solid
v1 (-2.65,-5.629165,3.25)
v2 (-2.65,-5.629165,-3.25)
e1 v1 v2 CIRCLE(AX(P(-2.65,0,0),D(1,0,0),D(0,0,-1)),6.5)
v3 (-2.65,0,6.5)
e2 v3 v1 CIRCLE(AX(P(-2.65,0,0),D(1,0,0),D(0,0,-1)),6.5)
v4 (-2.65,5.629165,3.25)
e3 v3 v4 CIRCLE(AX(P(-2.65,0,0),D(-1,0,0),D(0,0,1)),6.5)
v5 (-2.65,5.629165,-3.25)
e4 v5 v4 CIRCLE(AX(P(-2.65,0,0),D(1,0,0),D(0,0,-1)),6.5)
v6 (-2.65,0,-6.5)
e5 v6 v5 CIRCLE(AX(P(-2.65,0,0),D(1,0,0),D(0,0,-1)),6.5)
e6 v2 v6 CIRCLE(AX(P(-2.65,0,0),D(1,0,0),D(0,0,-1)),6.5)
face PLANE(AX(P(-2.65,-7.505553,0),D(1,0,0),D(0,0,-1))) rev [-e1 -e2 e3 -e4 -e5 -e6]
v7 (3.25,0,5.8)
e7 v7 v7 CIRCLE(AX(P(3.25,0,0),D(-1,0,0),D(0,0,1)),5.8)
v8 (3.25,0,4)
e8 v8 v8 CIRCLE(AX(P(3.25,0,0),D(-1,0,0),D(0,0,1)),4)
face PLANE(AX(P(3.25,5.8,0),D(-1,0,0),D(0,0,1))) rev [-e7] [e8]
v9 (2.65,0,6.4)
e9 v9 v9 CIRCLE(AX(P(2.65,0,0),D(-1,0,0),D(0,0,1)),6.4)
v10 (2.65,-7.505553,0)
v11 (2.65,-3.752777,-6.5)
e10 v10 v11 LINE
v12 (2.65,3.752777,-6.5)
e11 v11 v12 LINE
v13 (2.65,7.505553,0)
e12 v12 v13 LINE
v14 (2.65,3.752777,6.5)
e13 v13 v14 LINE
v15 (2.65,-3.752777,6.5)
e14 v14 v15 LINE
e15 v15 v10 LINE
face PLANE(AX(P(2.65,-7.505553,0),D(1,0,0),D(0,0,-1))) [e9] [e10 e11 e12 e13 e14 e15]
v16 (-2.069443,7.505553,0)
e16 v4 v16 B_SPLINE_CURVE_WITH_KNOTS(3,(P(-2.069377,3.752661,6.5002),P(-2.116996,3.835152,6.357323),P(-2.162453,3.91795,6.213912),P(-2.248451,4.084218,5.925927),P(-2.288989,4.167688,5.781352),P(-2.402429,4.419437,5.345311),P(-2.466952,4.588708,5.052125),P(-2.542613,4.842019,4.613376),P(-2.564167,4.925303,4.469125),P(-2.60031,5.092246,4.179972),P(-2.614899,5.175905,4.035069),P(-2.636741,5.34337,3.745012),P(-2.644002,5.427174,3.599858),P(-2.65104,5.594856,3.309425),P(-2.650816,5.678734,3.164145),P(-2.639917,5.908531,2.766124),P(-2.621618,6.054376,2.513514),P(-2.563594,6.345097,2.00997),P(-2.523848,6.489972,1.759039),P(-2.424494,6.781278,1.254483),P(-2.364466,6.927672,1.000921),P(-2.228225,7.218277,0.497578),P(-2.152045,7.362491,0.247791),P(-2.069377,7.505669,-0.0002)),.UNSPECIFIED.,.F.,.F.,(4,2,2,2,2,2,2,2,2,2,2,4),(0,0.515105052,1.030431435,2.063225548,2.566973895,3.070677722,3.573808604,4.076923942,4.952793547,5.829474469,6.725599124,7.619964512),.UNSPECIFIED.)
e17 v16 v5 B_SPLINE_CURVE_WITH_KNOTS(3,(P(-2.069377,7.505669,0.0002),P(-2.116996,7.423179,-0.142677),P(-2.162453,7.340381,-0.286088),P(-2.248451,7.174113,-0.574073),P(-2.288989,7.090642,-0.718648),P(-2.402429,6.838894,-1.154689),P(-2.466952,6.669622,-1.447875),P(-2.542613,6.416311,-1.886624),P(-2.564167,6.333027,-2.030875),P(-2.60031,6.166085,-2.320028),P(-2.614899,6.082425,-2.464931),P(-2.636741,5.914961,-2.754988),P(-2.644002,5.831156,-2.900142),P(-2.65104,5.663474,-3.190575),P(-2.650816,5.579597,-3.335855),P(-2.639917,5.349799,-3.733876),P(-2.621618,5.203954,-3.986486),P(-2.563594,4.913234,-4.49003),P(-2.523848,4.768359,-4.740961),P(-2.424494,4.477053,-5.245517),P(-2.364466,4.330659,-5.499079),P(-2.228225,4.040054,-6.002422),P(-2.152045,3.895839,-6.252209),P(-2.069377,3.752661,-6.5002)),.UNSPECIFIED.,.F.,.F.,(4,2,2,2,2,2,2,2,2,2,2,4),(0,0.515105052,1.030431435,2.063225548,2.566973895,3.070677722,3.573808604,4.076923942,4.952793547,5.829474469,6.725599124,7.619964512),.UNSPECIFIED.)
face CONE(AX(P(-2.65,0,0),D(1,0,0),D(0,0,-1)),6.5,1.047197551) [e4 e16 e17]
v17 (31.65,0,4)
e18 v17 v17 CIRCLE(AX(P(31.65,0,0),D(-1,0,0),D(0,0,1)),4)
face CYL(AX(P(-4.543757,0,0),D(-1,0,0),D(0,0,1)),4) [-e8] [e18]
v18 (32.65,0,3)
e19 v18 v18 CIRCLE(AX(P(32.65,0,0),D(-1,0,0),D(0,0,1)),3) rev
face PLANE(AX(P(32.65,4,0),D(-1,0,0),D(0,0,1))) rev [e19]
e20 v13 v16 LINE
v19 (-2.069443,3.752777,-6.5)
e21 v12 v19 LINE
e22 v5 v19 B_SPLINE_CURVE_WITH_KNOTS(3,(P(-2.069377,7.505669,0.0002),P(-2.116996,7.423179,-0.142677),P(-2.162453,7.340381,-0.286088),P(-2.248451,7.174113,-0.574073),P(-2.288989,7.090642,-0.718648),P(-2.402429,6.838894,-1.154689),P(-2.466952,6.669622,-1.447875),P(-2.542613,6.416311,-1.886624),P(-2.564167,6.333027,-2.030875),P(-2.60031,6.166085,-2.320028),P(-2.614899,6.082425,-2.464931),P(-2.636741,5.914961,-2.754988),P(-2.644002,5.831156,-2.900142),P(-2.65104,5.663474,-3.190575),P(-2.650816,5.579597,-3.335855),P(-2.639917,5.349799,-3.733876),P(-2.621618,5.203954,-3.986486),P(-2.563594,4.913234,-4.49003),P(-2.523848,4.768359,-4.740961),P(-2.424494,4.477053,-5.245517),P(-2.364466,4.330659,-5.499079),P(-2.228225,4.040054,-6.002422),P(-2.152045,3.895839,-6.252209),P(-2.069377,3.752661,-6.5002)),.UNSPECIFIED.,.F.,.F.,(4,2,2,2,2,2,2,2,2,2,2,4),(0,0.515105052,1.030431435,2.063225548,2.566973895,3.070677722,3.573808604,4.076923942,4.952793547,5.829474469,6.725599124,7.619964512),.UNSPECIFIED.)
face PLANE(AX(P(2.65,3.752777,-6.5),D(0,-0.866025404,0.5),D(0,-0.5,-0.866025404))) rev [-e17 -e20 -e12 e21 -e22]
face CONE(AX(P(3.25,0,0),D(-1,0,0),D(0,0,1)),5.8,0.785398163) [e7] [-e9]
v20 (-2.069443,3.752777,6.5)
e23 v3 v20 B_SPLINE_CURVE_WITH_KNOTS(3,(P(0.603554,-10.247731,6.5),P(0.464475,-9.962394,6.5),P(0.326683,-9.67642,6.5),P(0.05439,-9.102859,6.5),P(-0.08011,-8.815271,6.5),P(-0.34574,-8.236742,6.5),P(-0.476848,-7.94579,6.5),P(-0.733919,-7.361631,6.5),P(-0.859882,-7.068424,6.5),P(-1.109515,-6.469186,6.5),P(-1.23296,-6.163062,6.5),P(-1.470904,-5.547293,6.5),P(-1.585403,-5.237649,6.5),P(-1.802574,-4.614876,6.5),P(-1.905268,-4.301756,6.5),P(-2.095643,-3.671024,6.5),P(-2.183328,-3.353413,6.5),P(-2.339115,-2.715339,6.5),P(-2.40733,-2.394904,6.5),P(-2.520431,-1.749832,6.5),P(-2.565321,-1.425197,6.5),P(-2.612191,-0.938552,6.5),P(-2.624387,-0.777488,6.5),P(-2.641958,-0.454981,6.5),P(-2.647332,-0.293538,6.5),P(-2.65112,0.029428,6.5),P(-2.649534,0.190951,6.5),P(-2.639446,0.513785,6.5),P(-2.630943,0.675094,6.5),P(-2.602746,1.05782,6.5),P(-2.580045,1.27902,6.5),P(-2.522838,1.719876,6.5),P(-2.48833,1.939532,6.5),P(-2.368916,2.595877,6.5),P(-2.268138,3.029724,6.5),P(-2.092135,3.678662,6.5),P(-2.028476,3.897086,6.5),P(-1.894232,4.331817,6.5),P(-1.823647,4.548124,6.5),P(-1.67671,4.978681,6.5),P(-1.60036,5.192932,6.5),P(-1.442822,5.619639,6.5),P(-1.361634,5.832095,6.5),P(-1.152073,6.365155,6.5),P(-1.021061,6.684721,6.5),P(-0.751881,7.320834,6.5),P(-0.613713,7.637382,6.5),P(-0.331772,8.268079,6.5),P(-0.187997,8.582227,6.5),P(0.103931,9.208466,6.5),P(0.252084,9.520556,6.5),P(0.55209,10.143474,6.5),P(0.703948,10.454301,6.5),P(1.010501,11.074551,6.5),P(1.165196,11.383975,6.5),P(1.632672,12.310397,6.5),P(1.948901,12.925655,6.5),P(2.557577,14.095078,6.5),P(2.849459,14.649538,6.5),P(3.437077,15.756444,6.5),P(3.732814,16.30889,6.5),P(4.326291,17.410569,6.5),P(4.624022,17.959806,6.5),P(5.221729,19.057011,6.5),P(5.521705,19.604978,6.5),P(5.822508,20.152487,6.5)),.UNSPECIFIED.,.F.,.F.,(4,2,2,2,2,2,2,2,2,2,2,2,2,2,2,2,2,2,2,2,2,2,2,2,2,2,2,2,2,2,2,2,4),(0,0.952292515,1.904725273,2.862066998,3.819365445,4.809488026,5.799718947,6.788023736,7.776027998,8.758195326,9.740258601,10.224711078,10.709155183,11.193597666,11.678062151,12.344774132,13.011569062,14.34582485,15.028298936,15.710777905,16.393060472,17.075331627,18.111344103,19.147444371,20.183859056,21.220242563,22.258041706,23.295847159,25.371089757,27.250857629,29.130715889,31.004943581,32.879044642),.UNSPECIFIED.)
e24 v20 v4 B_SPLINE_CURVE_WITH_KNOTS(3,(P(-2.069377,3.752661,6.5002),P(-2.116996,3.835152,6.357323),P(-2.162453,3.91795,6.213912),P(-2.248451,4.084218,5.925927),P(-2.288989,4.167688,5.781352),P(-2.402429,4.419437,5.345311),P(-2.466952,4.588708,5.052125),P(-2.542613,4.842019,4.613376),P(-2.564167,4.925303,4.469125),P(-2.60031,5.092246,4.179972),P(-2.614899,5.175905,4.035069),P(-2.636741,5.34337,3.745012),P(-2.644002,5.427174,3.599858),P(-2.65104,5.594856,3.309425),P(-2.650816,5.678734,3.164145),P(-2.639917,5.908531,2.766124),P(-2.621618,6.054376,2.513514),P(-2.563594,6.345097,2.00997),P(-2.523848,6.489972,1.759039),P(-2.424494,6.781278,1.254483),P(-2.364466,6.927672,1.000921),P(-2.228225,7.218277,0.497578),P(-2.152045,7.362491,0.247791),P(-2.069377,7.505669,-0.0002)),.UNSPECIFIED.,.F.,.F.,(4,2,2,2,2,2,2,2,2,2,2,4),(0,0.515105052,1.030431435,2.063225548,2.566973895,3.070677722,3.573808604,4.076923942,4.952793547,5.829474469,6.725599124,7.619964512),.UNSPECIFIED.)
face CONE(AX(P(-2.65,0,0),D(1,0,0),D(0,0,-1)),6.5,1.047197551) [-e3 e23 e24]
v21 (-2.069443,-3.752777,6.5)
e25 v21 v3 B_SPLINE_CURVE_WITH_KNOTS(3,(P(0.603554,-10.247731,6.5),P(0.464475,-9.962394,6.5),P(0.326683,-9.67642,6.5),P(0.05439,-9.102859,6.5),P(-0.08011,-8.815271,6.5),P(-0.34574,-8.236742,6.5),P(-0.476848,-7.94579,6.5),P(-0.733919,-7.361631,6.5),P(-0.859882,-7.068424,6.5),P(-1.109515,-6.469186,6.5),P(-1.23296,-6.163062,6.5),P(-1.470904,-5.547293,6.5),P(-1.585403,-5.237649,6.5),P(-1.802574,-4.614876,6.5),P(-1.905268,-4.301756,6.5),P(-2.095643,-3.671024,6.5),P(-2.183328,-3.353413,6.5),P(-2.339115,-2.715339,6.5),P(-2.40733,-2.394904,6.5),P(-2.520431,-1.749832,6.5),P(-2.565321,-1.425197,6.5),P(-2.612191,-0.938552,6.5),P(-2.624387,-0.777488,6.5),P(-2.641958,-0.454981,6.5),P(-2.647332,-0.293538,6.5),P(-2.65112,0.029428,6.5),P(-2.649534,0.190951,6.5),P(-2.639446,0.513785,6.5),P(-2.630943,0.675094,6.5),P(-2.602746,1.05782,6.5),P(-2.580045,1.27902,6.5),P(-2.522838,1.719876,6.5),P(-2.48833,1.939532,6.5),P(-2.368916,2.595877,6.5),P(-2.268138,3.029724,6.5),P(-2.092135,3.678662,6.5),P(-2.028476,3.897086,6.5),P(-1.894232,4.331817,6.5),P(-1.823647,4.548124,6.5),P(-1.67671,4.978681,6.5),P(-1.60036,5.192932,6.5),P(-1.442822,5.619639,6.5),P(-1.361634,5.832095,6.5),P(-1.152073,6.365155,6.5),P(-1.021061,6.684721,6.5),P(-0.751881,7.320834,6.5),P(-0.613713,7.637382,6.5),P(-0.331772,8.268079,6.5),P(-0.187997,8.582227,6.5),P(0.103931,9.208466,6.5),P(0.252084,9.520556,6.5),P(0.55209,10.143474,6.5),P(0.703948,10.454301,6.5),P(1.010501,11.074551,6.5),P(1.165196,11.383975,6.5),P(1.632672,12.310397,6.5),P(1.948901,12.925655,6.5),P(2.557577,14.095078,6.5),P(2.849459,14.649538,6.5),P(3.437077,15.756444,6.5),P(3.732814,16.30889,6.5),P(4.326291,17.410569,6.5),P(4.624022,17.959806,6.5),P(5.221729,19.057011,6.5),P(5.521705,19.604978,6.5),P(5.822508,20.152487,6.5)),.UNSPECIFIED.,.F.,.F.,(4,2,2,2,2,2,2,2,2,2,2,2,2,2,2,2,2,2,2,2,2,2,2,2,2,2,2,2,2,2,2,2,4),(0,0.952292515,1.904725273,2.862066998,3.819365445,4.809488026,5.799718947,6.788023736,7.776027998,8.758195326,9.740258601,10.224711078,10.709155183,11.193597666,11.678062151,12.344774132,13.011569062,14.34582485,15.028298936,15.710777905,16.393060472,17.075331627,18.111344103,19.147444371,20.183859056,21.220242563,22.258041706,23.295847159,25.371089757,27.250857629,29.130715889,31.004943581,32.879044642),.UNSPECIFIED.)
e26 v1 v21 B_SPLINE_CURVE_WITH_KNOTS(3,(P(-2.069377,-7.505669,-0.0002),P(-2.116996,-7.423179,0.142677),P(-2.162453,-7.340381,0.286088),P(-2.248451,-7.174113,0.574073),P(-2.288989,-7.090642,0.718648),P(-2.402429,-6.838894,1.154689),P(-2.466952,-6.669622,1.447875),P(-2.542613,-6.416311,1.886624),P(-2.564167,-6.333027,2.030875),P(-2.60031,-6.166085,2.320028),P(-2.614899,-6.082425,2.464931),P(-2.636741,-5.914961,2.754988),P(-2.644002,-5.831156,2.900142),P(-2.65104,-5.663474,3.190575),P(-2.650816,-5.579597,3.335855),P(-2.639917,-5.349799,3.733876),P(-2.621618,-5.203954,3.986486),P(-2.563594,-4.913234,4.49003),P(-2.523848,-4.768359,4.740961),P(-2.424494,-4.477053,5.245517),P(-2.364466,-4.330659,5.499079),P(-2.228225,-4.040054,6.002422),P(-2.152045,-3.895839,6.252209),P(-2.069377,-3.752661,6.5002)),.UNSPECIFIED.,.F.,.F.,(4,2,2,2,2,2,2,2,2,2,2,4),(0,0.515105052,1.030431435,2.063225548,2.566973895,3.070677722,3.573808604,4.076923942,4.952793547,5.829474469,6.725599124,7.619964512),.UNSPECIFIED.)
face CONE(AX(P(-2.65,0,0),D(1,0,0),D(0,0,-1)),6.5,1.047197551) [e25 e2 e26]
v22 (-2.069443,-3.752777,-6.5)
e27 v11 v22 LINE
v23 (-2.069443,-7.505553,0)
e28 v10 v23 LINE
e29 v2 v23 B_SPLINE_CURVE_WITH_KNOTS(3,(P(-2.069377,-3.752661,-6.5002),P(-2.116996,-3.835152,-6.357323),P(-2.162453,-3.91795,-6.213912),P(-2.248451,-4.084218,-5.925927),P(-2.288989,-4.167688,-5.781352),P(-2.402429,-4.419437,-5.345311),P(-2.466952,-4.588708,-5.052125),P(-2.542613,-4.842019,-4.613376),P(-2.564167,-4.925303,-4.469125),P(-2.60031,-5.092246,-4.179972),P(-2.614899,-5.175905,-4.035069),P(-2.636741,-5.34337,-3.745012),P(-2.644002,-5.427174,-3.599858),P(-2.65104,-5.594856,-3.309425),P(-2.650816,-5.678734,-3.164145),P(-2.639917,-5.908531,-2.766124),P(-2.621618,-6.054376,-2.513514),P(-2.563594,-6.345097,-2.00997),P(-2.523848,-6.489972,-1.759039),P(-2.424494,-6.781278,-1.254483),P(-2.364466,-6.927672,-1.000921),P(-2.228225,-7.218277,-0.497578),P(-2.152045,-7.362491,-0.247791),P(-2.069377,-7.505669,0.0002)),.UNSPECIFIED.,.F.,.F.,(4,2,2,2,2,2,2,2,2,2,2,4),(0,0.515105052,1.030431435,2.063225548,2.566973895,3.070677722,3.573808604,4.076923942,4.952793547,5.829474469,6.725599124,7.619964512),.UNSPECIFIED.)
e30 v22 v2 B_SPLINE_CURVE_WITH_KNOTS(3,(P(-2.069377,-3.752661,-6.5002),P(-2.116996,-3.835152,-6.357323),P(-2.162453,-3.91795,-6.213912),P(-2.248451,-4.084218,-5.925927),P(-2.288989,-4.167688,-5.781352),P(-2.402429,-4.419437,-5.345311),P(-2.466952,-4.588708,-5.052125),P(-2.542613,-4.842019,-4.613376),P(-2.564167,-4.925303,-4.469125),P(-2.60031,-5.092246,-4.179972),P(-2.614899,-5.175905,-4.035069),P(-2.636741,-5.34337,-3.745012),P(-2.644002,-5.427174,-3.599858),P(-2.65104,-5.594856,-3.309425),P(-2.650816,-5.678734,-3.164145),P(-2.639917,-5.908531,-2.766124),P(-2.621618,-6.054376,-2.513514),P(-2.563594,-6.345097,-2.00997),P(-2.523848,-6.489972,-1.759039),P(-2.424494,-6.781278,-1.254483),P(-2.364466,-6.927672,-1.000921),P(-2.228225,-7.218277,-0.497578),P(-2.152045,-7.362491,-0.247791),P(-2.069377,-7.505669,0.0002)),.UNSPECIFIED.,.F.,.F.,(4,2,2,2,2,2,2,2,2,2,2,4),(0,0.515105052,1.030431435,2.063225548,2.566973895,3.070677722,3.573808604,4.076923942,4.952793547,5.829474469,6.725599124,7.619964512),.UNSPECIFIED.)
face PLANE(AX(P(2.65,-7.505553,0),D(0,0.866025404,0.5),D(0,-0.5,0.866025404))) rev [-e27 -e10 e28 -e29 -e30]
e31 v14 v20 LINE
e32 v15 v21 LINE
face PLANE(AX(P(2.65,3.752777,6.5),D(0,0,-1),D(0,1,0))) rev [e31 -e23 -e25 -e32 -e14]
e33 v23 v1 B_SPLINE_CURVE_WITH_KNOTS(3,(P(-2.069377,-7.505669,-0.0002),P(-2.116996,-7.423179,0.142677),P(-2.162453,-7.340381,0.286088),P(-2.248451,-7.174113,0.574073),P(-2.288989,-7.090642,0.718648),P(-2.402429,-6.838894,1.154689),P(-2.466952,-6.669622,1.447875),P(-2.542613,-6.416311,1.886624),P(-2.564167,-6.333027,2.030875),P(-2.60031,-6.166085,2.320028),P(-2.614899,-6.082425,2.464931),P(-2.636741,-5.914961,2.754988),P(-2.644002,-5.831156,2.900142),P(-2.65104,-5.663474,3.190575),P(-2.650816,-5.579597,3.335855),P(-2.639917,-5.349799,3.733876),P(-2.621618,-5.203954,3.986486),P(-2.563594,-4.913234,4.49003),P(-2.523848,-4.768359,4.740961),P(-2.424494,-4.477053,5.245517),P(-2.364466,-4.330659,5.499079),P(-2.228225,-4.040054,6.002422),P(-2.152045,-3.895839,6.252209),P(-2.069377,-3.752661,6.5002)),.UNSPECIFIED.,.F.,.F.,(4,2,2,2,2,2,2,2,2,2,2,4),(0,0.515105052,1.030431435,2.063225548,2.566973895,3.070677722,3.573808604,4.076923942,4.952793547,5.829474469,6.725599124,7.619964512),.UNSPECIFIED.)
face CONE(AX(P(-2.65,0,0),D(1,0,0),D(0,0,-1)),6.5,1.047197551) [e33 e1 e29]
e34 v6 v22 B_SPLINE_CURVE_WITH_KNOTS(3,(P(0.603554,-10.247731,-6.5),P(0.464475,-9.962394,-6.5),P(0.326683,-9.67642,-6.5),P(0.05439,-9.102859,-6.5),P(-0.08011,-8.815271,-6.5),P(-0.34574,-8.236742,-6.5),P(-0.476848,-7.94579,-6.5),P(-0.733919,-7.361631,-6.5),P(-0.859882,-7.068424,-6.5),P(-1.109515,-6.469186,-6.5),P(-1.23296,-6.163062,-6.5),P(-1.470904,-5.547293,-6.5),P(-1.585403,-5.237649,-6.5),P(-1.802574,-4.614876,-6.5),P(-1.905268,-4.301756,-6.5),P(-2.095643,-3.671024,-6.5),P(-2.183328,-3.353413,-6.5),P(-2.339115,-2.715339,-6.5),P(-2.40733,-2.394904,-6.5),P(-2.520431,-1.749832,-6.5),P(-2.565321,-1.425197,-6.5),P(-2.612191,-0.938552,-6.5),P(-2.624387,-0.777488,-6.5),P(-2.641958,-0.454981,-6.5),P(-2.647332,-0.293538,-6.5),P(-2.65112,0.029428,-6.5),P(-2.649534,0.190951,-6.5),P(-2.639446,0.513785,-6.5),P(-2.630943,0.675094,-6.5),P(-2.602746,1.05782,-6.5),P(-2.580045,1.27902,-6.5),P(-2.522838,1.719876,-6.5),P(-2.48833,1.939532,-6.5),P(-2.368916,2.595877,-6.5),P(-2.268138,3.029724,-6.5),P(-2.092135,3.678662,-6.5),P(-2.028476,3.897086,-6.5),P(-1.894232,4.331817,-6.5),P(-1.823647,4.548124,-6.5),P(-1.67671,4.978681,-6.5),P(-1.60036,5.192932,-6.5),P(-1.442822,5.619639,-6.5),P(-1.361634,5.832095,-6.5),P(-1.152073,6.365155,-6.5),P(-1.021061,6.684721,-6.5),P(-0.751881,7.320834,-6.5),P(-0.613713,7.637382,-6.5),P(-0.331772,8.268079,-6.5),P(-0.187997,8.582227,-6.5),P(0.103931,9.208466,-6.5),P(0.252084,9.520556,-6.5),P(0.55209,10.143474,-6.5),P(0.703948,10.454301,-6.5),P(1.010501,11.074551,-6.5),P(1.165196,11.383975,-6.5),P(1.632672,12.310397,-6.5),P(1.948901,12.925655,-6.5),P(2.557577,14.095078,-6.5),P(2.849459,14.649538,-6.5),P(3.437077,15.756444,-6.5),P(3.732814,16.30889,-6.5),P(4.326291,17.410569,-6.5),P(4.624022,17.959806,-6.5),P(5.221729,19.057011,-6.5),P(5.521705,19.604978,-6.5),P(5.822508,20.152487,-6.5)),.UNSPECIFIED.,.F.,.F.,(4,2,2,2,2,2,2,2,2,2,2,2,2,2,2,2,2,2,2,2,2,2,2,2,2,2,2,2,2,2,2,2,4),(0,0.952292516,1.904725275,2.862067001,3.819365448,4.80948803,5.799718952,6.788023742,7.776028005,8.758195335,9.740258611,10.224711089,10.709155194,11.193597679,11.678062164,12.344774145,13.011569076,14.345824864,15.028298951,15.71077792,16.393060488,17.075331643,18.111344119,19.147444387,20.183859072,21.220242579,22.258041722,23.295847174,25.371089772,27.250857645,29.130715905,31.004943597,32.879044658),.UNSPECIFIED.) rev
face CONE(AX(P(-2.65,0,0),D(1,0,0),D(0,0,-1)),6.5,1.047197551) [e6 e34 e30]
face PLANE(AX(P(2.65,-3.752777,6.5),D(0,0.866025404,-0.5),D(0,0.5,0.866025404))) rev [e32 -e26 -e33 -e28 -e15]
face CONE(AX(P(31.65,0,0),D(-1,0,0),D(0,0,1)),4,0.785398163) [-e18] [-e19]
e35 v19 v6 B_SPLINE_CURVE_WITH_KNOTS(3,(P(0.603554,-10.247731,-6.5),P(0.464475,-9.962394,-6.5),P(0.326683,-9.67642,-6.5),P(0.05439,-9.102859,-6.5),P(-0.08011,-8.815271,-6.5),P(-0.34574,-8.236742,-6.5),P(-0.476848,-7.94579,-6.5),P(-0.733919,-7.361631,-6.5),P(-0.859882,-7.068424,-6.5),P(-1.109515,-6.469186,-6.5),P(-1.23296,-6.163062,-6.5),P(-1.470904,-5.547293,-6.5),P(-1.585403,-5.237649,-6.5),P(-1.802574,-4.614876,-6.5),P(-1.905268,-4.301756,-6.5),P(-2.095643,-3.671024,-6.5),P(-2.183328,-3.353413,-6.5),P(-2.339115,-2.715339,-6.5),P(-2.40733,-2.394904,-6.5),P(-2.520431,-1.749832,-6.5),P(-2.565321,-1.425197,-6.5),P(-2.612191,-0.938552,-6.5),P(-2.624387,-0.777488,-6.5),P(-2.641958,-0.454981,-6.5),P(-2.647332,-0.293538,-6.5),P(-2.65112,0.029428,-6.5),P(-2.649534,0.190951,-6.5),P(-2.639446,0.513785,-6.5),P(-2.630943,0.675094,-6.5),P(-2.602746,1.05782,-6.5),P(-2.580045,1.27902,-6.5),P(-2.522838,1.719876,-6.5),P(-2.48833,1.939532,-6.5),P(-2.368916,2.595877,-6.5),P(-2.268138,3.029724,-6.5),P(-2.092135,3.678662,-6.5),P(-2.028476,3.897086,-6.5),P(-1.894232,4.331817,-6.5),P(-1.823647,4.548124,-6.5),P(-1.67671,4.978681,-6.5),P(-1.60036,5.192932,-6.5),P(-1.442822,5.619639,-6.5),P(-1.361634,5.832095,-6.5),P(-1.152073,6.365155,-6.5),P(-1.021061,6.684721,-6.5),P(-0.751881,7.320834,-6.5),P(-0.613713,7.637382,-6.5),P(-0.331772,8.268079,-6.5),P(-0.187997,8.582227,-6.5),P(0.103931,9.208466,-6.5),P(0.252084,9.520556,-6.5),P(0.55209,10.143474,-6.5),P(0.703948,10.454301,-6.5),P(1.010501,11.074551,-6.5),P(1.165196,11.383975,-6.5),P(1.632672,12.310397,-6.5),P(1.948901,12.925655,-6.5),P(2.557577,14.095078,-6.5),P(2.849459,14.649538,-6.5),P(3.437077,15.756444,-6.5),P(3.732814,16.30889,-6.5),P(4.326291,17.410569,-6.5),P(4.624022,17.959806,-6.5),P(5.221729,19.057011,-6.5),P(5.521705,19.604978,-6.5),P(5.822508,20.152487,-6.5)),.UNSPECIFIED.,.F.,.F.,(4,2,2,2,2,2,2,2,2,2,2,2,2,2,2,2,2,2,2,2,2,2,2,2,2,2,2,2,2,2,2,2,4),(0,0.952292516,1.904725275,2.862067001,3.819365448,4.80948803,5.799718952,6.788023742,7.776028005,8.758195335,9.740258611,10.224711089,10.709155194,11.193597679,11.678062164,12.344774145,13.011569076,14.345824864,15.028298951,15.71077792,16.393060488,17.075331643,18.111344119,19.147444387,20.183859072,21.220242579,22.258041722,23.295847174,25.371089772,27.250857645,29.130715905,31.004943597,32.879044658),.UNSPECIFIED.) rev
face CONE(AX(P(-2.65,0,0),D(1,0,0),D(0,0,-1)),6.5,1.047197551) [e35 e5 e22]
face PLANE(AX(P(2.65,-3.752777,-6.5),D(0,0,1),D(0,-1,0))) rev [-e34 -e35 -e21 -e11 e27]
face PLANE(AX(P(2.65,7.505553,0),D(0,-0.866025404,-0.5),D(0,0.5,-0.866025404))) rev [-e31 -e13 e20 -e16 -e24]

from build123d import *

# Parameters (mm, degrees)
EXTRUDE_1_DEPTH = 2.65
CHAMFER_2_SIZE  = 1


with BuildPart() as part:
    # 草图1 → 拉伸1 (new, symmetric)
    with BuildSketch(Plane(origin=(0, 0, 0), x_dir=(0, 0, 1), z_dir=(1, 0, 0))):
        Polygon((0, 7.505553499), (-6.5, 3.75277675), (-6.5, -3.75277675), (0, -7.505553499), (6.5, -3.75277675), (6.5, 3.75277675), align=None)
    extrude(amount=EXTRUDE_1_DEPTH, both=True)

    # 草图2 → 切除-旋转2 (revolve, cut)
    with BuildSketch(Plane.XY):
        Polygon((-2.65, 6.5), (0.034663773, 11.149974056), (-2.65, 11.149974056), align=None)
    revolve(axis=Axis((-3.243026821, 0, 0), (1, 0, 0)), mode=Mode.SUBTRACT)

    # 草图3 → 旋转1 (revolve)
    with BuildSketch(Plane.XY, mode=Mode.PRIVATE) as revolve_1_sk:
        Polygon((2.65, 0), (2.65, 6.4), (3.25, 5.8), (3.25, 4), (32.65, 4), (32.65, 0), align=None)
    revolve(revolve_1_sk.sketch.rotate(Axis((-4.543756915, 0, 0), (1, 0, 0)), 90), axis=Axis((-4.543756915, 0, 0), (1, 0, 0)))

    # 倒角2
    chamfer_2_edges = [part.edges().sort_by_distance(p)[0] for p in [
        (32.65, 0, -4),
    ]]
    chamfer(chamfer_2_edges, length=CHAMFER_2_SIZE)


solid = part.part
